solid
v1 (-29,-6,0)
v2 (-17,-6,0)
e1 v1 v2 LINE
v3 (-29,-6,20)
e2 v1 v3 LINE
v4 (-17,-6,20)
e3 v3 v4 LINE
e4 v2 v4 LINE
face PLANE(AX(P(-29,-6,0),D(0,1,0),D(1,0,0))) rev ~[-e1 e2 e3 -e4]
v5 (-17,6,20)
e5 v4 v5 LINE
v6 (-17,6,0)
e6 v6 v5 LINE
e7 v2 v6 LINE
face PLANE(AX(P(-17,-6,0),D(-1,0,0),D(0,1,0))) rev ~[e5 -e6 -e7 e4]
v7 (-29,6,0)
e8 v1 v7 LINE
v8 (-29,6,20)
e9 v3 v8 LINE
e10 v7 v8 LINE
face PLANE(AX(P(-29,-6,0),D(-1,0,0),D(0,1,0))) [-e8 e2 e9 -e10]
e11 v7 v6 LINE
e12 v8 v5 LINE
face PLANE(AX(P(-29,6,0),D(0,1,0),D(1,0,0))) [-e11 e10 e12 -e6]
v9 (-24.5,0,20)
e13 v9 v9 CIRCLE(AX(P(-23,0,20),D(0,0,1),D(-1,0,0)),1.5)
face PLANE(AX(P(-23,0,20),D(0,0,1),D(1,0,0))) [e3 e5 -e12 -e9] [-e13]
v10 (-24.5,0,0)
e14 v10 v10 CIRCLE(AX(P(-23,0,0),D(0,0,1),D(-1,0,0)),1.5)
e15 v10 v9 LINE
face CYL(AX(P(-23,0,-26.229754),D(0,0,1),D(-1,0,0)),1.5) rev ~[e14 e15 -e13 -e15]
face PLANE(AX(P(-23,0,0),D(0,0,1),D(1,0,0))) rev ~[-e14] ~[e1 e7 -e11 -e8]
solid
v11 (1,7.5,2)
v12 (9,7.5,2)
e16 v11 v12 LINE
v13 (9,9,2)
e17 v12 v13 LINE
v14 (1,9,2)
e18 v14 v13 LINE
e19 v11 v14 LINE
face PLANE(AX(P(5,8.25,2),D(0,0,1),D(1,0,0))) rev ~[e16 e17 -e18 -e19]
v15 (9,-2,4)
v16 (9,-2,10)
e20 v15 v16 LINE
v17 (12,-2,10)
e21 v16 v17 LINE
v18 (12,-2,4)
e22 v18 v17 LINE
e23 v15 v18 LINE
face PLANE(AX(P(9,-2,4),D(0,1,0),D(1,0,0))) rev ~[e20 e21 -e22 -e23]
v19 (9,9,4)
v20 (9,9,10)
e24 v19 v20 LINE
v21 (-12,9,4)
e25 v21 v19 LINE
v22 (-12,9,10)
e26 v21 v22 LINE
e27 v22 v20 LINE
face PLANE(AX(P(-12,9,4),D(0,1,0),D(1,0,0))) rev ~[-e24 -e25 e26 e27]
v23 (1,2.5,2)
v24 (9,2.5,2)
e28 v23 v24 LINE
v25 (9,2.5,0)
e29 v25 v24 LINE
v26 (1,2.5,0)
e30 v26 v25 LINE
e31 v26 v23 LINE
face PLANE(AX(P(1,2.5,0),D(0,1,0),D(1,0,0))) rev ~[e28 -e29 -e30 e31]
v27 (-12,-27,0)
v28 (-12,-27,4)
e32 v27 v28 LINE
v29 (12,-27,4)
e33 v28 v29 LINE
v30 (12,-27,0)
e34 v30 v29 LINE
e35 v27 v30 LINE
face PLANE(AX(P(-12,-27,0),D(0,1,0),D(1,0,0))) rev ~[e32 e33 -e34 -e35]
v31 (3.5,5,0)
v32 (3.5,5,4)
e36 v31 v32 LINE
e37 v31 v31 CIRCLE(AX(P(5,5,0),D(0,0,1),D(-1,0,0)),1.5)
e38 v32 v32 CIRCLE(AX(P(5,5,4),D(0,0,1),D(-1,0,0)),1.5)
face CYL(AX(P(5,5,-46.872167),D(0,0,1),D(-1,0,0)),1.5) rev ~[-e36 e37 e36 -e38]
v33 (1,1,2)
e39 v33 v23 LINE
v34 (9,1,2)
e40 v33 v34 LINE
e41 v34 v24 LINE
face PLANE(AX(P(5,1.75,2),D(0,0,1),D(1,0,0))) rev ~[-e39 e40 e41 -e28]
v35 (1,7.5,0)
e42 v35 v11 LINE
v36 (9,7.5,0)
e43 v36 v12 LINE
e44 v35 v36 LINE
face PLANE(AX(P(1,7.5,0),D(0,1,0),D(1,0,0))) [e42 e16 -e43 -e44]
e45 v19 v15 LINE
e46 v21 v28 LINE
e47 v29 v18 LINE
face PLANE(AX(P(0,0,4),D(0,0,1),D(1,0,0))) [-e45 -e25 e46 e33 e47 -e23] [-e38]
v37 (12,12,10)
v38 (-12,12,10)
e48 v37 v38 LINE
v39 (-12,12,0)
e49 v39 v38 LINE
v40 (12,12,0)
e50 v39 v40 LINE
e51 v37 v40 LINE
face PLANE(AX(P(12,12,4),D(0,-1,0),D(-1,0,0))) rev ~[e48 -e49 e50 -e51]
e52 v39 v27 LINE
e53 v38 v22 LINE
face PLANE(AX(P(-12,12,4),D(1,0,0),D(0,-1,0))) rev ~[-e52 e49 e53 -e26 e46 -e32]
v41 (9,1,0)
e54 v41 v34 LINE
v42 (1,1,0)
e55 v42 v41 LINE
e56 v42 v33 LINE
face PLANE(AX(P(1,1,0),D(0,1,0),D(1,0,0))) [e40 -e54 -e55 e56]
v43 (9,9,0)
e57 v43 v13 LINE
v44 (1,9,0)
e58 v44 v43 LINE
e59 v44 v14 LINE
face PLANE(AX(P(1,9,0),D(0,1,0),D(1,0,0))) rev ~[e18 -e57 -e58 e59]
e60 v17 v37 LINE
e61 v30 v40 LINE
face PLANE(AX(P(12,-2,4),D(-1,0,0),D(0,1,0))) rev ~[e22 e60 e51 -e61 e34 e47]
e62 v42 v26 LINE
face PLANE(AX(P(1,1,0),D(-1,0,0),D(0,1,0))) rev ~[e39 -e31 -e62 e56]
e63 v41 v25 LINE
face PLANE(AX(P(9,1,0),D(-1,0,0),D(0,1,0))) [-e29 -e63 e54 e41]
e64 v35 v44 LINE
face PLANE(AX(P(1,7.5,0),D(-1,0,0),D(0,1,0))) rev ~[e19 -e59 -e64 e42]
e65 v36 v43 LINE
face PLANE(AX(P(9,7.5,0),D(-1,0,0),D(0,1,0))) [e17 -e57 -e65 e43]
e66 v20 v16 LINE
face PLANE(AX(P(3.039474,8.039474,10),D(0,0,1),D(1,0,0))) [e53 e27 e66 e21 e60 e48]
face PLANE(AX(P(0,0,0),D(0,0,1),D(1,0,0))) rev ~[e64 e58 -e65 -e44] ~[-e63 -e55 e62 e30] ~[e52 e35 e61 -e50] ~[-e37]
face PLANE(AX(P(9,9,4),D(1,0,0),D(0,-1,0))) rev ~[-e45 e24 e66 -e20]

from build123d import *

# Parameters (mm, degrees)
F0_W     = 24
F0_H     = 24
F0_H_2   = 15
F1_DEPTH = 4
F3_DEPTH = 6
F4_W     = 8
F4_H     = 1.5
F5_DEPTH = 2
F6_D     = 3
F7_W     = 12
F7_H     = 12
F8_DEPTH = 20
F10_D    = 3


with BuildPart() as f1:
    # F0 (on Top) → F1 (new body)
    with BuildSketch(Plane.XY):
        Rectangle(F0_W, F0_H)
        with Locations((0, -19.5)):
            Rectangle(F0_W, F0_H_2)
    extrude(amount=F1_DEPTH)

    # F2 (on face) → F3 (join)
    with BuildSketch(Plane.XY.offset(4)):
        Polygon((12, 12), (-12, 12), (-12, 9), (9, 9), (9, -2), (12, -2), align=None)
    extrude(amount=F3_DEPTH)

    # F4 (on face) → F5 (cut)
    with BuildSketch(Plane.XY):
        with Locations((5, 1.75)):
            Rectangle(F4_W, F4_H)
        with Locations((5, 8.25)):
            Rectangle(F4_W, F4_H)
    extrude(amount=F5_DEPTH, mode=Mode.SUBTRACT)

    # F6 (through all)
    with Locations(Plane(origin=(0, 0, 0), x_dir=(1, 0, 0), z_dir=(0, 0, -1))):
        with Locations((5, -5)):
            Hole(F6_D / 2)


with BuildPart() as f8:
    # F7 (on Top) → F8 (new body)
    with BuildSketch(Plane.XY):
        with Locations((-23, 0)):
            Rectangle(F7_W, F7_H)
    extrude(amount=F8_DEPTH)

    # F10 (through all)
    with Locations(Plane(origin=(0, 0, 0), x_dir=(1, 0, 0), z_dir=(0, 0, -1))):
        with Locations((-23, 0)):
            Hole(F10_D / 2)


solid = Compound([f1.part, f8.part])
